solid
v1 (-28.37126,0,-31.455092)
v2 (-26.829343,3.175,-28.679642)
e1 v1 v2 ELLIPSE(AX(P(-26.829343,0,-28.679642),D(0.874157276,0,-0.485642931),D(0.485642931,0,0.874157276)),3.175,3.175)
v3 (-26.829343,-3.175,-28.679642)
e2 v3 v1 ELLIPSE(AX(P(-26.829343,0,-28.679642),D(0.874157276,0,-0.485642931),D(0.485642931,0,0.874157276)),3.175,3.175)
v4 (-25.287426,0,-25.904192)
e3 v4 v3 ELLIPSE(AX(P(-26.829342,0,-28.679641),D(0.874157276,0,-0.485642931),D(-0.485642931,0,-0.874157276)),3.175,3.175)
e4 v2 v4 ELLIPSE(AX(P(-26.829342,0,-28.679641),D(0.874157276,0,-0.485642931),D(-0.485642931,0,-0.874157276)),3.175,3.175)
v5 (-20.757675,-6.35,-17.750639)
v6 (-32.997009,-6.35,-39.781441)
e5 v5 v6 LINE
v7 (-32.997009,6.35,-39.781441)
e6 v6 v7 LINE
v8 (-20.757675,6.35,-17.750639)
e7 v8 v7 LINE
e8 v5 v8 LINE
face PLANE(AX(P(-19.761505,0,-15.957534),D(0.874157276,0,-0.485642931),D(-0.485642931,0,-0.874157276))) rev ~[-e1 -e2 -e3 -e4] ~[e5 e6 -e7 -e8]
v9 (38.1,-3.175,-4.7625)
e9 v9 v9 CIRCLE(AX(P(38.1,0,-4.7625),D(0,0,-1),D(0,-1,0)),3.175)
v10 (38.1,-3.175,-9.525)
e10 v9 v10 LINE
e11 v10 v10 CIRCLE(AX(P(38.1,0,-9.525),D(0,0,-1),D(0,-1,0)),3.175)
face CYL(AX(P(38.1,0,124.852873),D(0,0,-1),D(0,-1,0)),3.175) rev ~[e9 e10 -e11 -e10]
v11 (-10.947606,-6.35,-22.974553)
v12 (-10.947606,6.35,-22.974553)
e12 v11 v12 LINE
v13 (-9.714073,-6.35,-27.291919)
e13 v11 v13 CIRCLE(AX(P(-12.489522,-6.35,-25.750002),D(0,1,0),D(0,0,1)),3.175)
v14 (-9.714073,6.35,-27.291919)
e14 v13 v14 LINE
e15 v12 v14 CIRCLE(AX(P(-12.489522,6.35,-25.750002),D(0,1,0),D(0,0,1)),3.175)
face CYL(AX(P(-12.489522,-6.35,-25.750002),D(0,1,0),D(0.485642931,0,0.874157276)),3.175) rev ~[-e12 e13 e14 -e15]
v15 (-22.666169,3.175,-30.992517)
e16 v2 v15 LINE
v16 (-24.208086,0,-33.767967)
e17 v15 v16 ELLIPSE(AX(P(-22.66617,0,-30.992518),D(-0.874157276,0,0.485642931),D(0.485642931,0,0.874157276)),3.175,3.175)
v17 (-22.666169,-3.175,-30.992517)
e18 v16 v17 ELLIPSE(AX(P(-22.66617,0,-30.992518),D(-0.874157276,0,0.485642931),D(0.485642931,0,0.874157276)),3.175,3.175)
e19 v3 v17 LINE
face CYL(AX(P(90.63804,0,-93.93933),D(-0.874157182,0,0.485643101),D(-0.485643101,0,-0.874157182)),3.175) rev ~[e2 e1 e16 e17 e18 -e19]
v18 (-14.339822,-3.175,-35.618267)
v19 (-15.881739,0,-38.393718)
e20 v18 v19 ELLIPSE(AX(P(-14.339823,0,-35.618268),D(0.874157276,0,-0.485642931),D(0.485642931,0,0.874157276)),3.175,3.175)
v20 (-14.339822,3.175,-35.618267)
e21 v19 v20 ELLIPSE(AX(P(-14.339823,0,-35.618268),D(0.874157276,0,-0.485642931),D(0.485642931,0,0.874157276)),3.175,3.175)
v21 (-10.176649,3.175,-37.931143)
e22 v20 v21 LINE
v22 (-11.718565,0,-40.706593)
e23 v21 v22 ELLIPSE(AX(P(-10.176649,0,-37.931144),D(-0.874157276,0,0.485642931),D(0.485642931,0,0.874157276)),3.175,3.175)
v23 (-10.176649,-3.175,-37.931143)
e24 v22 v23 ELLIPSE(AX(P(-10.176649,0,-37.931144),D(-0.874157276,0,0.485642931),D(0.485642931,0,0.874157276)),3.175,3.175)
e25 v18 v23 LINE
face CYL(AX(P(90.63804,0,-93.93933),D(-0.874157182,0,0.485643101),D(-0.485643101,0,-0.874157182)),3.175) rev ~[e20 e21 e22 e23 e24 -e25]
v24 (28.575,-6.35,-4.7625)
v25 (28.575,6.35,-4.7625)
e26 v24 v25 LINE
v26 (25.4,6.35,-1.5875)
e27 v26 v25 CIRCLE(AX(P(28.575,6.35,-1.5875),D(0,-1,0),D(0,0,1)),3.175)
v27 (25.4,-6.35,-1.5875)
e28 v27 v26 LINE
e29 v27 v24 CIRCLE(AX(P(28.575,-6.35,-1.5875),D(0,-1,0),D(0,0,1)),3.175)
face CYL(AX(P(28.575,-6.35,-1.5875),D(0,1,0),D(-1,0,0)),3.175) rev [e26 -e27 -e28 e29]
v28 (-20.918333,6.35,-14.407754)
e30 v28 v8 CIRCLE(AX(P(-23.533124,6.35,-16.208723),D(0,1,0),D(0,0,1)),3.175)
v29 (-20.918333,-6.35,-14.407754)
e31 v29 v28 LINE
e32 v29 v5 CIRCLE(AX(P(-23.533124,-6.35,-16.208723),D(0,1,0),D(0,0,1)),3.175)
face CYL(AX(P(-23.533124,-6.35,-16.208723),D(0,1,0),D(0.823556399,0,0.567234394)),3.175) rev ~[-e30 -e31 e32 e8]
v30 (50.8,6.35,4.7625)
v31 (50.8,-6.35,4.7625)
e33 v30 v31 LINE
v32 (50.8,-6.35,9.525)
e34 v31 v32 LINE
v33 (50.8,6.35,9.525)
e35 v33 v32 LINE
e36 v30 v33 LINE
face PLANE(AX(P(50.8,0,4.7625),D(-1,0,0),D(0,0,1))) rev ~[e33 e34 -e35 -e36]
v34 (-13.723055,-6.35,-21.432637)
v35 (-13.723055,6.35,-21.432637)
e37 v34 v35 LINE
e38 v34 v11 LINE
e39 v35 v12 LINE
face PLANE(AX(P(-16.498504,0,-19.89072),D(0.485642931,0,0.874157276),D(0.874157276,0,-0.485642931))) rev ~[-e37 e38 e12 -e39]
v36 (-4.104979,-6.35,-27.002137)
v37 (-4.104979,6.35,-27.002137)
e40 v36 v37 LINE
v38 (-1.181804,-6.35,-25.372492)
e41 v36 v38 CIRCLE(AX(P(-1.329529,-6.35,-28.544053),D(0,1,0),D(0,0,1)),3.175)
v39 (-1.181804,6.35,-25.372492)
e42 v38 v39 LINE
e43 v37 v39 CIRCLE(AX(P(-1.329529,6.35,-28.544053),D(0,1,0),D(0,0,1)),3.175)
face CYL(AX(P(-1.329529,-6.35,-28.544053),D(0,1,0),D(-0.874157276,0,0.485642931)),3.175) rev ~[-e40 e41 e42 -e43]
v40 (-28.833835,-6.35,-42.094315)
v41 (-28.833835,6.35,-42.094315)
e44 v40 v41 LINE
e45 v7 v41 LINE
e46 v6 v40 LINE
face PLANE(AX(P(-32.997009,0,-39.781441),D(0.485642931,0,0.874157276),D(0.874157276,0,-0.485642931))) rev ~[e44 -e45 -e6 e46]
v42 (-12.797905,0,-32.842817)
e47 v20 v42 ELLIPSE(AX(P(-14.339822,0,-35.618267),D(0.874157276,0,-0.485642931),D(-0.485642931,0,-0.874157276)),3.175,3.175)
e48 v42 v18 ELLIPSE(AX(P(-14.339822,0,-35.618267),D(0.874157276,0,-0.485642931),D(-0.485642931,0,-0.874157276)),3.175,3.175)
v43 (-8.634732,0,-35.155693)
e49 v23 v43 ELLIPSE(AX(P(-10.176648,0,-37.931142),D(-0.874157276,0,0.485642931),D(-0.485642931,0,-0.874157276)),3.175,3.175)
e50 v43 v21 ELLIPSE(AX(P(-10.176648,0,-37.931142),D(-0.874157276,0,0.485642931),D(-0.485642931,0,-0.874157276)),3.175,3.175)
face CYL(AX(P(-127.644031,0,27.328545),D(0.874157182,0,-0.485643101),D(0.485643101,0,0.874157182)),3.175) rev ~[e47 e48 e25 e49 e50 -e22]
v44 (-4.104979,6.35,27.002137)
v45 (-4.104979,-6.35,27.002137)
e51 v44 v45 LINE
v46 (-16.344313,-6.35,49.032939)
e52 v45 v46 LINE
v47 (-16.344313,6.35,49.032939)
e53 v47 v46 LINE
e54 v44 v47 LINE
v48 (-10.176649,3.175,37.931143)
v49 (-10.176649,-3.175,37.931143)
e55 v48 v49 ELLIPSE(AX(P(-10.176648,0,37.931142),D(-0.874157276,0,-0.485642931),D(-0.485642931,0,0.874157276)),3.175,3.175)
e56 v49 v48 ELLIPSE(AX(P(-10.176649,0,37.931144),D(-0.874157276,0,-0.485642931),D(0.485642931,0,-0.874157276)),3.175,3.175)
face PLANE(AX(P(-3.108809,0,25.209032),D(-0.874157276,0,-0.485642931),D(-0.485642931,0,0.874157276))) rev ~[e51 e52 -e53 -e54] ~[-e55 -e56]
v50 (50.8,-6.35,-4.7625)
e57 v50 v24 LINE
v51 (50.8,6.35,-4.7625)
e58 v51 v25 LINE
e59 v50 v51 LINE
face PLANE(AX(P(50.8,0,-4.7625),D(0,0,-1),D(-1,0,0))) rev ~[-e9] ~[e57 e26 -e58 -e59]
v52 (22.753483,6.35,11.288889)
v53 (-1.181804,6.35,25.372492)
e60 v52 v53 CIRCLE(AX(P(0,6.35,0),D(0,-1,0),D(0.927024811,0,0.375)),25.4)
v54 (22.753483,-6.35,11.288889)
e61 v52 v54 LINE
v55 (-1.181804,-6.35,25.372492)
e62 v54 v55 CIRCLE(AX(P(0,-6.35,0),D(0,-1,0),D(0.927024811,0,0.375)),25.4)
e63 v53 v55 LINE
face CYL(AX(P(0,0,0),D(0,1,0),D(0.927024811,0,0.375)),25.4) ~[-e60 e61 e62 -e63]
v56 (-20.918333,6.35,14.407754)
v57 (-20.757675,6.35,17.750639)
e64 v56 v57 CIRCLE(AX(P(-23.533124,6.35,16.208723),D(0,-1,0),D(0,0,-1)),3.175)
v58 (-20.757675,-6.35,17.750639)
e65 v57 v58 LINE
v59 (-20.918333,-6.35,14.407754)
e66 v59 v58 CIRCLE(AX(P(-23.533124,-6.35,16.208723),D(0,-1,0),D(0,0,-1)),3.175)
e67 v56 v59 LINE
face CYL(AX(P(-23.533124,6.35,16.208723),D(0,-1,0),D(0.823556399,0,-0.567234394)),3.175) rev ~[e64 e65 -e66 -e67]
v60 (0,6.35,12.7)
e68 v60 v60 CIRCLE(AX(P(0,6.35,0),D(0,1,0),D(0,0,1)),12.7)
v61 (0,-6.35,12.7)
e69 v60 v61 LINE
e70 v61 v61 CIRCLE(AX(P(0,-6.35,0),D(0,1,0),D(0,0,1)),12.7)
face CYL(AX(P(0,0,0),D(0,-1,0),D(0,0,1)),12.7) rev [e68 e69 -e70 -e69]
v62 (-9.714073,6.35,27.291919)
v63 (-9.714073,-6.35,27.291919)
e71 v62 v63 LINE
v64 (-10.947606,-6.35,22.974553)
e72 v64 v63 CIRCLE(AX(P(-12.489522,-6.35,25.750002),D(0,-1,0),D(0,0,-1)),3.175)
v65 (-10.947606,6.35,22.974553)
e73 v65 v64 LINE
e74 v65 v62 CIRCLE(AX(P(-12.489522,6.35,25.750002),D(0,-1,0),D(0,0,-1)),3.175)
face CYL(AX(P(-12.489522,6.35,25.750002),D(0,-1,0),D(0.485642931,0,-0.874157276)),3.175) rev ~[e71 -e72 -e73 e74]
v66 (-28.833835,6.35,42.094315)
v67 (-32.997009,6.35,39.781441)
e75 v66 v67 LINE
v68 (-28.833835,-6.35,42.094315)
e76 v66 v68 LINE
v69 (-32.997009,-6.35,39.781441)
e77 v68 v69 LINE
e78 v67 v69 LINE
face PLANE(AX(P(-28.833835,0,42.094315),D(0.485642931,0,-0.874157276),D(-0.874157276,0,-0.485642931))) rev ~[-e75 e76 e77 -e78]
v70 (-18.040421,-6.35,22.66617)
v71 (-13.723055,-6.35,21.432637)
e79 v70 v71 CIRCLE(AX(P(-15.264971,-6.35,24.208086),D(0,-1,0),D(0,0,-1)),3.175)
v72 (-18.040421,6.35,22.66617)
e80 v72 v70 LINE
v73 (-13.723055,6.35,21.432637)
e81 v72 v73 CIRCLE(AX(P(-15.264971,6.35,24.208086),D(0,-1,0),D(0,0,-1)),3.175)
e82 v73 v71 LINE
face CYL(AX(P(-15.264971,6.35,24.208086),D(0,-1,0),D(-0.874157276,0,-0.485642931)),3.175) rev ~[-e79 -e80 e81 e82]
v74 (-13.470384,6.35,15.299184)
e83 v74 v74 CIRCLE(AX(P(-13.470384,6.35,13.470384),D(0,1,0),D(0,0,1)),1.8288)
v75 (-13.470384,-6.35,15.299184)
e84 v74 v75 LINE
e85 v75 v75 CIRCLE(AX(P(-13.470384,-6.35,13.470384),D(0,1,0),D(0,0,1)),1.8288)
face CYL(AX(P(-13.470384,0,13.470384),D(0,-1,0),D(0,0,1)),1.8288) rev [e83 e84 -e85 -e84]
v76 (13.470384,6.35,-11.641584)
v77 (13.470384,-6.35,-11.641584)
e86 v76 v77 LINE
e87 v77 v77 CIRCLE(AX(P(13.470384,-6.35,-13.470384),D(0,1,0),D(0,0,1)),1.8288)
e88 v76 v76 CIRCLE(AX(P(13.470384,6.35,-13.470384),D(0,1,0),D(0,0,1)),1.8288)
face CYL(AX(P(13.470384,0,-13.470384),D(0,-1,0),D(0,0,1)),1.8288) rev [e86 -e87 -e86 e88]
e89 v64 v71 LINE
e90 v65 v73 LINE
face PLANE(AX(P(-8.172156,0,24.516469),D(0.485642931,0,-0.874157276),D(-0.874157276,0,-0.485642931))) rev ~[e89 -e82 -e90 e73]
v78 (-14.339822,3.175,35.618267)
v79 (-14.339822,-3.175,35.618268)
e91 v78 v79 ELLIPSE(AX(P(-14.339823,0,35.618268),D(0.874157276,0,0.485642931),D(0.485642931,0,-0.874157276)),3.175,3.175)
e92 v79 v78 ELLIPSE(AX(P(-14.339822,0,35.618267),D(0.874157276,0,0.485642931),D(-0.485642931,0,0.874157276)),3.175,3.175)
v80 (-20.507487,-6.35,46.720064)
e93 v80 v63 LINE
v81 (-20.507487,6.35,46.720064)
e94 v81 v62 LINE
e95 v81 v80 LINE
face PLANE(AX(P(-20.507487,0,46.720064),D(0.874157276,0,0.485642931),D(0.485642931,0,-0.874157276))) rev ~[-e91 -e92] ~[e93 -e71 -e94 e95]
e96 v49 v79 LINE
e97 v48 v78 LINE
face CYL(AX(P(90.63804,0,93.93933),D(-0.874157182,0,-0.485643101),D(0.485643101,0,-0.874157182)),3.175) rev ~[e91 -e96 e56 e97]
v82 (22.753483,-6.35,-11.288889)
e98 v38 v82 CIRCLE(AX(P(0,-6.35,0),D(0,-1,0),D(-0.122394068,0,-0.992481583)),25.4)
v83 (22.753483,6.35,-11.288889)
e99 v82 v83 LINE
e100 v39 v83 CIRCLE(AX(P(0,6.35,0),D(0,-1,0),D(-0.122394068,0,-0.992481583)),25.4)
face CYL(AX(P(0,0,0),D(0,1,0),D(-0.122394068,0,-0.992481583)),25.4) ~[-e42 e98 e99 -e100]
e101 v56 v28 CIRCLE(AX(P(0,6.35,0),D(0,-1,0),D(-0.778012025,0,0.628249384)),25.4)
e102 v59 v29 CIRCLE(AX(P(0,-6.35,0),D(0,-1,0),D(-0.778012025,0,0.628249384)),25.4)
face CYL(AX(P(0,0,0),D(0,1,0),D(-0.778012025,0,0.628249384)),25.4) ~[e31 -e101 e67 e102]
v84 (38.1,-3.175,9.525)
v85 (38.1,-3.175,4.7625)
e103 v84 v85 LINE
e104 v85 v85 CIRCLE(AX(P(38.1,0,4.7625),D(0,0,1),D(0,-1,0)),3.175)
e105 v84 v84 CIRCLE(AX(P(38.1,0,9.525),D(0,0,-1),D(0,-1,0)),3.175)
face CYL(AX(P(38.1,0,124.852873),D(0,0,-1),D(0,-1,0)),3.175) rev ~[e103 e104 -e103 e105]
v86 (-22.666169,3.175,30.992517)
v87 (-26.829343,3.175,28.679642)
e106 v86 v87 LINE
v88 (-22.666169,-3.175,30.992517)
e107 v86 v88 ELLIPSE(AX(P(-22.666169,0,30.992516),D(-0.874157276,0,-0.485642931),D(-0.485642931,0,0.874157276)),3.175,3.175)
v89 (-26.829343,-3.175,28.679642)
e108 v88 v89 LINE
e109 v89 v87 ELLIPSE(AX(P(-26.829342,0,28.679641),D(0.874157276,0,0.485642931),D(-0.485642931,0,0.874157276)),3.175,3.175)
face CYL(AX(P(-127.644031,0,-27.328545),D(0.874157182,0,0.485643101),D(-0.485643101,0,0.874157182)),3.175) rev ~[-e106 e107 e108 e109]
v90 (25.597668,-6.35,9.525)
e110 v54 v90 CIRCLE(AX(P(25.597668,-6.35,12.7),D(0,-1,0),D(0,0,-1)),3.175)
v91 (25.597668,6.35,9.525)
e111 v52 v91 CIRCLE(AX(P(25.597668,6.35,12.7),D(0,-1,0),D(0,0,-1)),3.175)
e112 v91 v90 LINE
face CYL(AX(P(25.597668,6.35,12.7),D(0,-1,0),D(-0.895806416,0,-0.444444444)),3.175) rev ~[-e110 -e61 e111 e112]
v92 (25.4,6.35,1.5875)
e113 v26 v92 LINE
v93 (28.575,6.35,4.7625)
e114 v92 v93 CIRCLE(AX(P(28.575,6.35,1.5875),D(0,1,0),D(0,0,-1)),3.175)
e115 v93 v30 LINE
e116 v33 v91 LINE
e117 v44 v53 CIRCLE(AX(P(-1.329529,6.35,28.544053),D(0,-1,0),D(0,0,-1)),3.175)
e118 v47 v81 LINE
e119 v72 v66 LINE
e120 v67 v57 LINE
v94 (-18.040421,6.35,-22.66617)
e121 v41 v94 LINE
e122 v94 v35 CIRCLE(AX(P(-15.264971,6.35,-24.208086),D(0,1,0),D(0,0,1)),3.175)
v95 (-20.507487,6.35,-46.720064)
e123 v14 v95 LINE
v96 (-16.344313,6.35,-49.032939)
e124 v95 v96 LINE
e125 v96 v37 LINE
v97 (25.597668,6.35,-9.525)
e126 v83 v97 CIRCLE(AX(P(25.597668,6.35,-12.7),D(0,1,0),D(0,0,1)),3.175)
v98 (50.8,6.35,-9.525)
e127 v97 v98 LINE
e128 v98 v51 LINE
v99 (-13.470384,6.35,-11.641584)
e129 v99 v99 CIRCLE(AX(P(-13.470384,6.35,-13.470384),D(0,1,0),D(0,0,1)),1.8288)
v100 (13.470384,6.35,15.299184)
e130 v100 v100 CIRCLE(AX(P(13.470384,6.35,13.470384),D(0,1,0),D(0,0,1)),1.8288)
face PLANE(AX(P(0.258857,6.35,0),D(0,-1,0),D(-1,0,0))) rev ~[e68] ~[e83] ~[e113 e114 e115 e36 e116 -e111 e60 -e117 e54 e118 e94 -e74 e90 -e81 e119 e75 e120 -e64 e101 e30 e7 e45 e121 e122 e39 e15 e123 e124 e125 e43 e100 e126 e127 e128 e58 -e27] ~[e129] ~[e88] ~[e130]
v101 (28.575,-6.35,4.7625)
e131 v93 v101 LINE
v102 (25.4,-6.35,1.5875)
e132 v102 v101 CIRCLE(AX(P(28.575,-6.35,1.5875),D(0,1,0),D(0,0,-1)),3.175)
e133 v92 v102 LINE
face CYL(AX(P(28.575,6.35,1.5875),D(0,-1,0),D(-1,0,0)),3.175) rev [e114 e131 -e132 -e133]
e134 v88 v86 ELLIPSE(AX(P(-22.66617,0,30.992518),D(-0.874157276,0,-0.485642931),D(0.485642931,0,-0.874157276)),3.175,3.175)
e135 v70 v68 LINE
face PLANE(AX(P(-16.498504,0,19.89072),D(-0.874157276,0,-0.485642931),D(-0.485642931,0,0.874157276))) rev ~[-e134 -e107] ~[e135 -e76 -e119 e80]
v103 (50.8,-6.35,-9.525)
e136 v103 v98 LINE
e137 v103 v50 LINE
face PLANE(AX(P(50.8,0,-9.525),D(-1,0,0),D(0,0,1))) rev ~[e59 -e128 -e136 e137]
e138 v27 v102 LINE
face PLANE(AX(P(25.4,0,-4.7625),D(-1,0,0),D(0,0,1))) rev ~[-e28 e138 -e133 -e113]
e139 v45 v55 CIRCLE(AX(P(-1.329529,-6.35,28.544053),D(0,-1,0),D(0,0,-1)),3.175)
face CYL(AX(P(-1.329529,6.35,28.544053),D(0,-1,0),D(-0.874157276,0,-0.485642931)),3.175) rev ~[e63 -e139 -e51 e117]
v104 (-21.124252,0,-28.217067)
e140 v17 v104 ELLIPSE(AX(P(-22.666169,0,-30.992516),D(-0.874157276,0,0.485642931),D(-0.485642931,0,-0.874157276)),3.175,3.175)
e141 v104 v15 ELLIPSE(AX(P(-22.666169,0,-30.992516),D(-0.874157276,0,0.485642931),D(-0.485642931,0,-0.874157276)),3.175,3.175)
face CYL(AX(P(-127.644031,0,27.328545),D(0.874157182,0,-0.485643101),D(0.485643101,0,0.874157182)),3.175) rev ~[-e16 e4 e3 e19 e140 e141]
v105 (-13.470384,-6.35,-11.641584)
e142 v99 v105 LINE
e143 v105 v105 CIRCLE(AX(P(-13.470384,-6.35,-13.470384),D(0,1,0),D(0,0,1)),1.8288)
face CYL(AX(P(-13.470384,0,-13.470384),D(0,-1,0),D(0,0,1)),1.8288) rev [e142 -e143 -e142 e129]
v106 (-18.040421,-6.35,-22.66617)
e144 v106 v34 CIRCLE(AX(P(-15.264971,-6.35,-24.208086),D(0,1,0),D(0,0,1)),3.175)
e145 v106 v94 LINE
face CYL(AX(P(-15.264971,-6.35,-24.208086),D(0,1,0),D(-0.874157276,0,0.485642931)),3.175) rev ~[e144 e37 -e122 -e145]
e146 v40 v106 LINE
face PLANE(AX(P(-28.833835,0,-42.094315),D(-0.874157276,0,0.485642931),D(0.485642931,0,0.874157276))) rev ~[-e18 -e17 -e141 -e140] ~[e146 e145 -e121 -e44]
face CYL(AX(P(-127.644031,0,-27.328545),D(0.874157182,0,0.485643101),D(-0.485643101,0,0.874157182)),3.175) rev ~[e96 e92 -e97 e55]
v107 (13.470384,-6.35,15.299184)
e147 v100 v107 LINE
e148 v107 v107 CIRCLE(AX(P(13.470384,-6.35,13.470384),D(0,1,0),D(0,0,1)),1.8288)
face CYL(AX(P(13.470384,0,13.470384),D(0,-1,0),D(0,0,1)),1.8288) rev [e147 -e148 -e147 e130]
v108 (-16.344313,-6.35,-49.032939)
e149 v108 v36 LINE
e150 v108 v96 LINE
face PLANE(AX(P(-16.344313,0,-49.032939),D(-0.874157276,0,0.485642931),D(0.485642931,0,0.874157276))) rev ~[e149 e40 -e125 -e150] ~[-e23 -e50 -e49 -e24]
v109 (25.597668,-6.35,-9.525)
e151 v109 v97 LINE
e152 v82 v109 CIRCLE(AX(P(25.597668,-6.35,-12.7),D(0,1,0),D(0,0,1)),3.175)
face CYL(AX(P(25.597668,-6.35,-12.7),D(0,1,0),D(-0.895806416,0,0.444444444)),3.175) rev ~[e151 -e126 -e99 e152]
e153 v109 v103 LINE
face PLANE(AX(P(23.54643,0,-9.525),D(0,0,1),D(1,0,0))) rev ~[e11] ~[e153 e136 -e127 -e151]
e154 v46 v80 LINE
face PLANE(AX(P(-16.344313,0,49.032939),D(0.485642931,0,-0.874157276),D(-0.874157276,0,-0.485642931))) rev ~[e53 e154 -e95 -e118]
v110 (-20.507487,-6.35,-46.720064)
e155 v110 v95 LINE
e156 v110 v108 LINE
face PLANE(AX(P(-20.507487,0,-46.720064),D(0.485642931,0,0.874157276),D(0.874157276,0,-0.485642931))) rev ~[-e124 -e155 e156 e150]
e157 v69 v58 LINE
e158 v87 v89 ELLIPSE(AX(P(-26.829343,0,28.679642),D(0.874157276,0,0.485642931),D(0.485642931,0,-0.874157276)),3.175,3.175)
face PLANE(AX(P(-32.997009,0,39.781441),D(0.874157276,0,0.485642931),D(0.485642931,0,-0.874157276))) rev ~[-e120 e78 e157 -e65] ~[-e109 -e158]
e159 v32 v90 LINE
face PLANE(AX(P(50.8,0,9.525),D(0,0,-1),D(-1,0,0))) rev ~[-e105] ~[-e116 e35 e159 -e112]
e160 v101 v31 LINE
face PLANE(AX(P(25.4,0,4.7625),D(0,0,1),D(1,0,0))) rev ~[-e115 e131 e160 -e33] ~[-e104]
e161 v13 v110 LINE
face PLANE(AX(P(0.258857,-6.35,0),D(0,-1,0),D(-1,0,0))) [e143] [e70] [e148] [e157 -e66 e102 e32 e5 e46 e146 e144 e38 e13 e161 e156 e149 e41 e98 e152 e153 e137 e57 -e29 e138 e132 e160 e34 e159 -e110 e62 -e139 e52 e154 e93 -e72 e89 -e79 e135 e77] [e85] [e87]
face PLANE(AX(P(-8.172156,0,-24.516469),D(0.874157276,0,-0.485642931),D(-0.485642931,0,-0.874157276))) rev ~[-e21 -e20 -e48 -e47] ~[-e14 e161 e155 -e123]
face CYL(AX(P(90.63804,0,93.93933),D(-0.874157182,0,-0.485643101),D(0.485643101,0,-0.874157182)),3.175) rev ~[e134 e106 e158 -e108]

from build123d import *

# Parameters (mm, degrees)
SKETCH1_R                             = 12.7
SKETCH1_R_2                           = 1.8288
BOSS_EXTRUDE1_DEPTH                   = 6.35
F_1_4_0_25_DIAMETER_HOLE1_D           = 6.35
F_1_4_0_25_DIAMETER_HOLE1_ON_FACE_2_D = 6.35
F_1_4_0_25_DIAMETER_HOLE1_ON_FACE_3_D = 6.35
F_1_4_0_25_DIAMETER_HOLE1_ON_FACE_4_D = 6.35
F_1_4_0_25_DIAMETER_HOLE1_ON_FACE_5_D = 6.35
F_1_4_0_25_DIAMETER_HOLE1_ON_FACE_6_D = 6.35
FILLET1_R                             = 3.175


with BuildPart() as part:
    # Sketch1 → Boss-Extrude1 (new, symmetric)
    with BuildSketch(Plane(origin=(0, 0, 0), x_dir=(1, 0, 0), z_dir=(0, 1, 0))):
        with BuildLine():
            Line((25.4, 4.7625), (25.4, -4.7625))
            Line((25.4, -4.7625), (50.8, -4.7625))
            Line((50.8, -4.7625), (50.8, -9.525))
            Line((50.8, -9.525), (23.546430197, -9.525))
            ThreePointArc((23.546430197, -9.525), (12.881044339, -21.891521115), (-3.108809324, -25.209032202))
            Line((-3.108809324, -25.209032202), (-16.344312849, -49.032938546))
            Line((-16.344312849, -49.032938546), (-20.507486876, -46.720064087))
            Line((-20.507486876, -46.720064087), (-8.172156424, -24.516469273))
            Line((-8.172156424, -24.516469273), (-16.498504479, -19.890720354))
            Line((-16.498504479, -19.890720354), (-28.833834931, -42.094315167))
            Line((-28.833834931, -42.094315167), (-32.997008959, -39.781440707))
            Line((-32.997008959, -39.781440707), (-19.761505434, -15.957534364))
            ThreePointArc((-19.761505434, -15.957534364), (-25.4, 0), (-19.761505434, 15.957534364))
            Line((-19.761505434, 15.957534364), (-32.997008959, 39.781440707))
            Line((-32.997008959, 39.781440707), (-28.833834931, 42.094315167))
            Line((-28.833834931, 42.094315167), (-16.498504479, 19.890720354))
            Line((-16.498504479, 19.890720354), (-8.172156424, 24.516469273))
            Line((-8.172156424, 24.516469273), (-20.507486876, 46.720064087))
            Line((-20.507486876, 46.720064087), (-16.344312849, 49.032938546))
            Line((-16.344312849, 49.032938546), (-3.108809324, 25.209032202))
            ThreePointArc((-3.108809324, 25.209032202), (12.881044339, 21.891521115), (23.546430197, 9.525))
            Line((23.546430197, 9.525), (50.8, 9.525))
            Line((50.8, 9.525), (50.8, 4.7625))
            Line((50.8, 4.7625), (25.4, 4.7625))
        make_face()
        with Locations(Location((0, 0, 0), (0, 0, 270))):
            Circle(SKETCH1_R, mode=Mode.SUBTRACT)
        with Locations(Location((-13.470384182, 13.470384182, 0), (0, 0, 270))):
            Circle(SKETCH1_R_2, mode=Mode.SUBTRACT)
        with Locations(Location((13.470384182, 13.470384182, 0), (0, 0, 270))):
            Circle(SKETCH1_R_2, mode=Mode.SUBTRACT)
        with Locations(Location((13.470384182, -13.470384182, 0), (0, 0, 270))):
            Circle(SKETCH1_R_2, mode=Mode.SUBTRACT)
        with Locations(Location((-13.470384182, -13.470384182, 0), (0, 0, 270))):
            Circle(SKETCH1_R_2, mode=Mode.SUBTRACT)
    extrude(amount=BOSS_EXTRUDE1_DEPTH, both=True)

    # 1/4 (0.25) Diameter Hole1 (through all)
    with Locations(Plane(origin=(38.1, 0, -4.7625), x_dir=(0, 1, 0), z_dir=(0, 0, 1))):
        with Locations((0, 0)):
            Hole(F_1_4_0_25_DIAMETER_HOLE1_D / 2)

    # 1/4 (0.25) Diameter Hole1 on face 2 (through all)
    with Locations(Plane(origin=(-14.33982165, 0, -35.61826668), x_dir=(-0.48564310099, 0, -0.874157181782), z_dir=(-0.874157181782, 0, 0.48564310099))):
        with Locations((0, 0)):
            Hole(F_1_4_0_25_DIAMETER_HOLE1_ON_FACE_2_D / 2)

    # 1/4 (0.25) Diameter Hole1 on face 3 (through all)
    with Locations(Plane(origin=(-22.666169705, 0, 30.99251776), x_dir=(-0.48564310099, 0, 0.874157181782), z_dir=(0.874157181782, 0, 0.48564310099))):
        with Locations((1e-09, 0)):
            Hole(F_1_4_0_25_DIAMETER_HOLE1_ON_FACE_3_D / 2)

    # 1/4 (0.25) Diameter Hole1 on face 4 (through all)
    with Locations(Plane(origin=(-14.33982165, 0, 35.61826668), x_dir=(0.48564310099, 0, -0.874157181782), z_dir=(-0.874157181782, 0, -0.48564310099))):
        with Locations((0, 0)):
            Hole(F_1_4_0_25_DIAMETER_HOLE1_ON_FACE_4_D / 2)

    # 1/4 (0.25) Diameter Hole1 on face 5 (through all)
    with Locations(Plane(origin=(-22.666169705, 0, -30.99251776), x_dir=(0.48564310099, 0, 0.874157181782), z_dir=(0.874157181782, 0, -0.48564310099))):
        with Locations((-1e-09, 0)):
            Hole(F_1_4_0_25_DIAMETER_HOLE1_ON_FACE_5_D / 2)

    # 1/4 (0.25) Diameter Hole1 on face 6 (through all)
    with Locations(Plane(origin=(38.1, 0, 4.7625), x_dir=(-1, 0, 0), z_dir=(0, 0, -1))):
        with Locations((0, 0)):
            Hole(F_1_4_0_25_DIAMETER_HOLE1_ON_FACE_6_D / 2)

    # Fillet1
    fillet1_edges = [part.edges().sort_by_distance(p)[0] for p in [
        (25.4, 0, -4.7625),
        (25.4, 0, 4.7625),
        (23.546430197, 0, 9.525),
        (-3.108809324, 0, 25.209032202),
        (-8.172156424, 0, 24.516469273),
        (-16.498504479, 0, 19.890720354),
        (-19.761505434, 0, 15.957534364),
        (-19.761505434, 0, -15.957534364),
        (-16.498504479, 0, -19.890720354),
        (-8.172156424, 0, -24.516469273),
        (-3.108809324, 0, -25.209032202),
        (23.546430197, 0, -9.525),
    ]]
    fillet(fillet1_edges, radius=FILLET1_R)


solid = part.part
